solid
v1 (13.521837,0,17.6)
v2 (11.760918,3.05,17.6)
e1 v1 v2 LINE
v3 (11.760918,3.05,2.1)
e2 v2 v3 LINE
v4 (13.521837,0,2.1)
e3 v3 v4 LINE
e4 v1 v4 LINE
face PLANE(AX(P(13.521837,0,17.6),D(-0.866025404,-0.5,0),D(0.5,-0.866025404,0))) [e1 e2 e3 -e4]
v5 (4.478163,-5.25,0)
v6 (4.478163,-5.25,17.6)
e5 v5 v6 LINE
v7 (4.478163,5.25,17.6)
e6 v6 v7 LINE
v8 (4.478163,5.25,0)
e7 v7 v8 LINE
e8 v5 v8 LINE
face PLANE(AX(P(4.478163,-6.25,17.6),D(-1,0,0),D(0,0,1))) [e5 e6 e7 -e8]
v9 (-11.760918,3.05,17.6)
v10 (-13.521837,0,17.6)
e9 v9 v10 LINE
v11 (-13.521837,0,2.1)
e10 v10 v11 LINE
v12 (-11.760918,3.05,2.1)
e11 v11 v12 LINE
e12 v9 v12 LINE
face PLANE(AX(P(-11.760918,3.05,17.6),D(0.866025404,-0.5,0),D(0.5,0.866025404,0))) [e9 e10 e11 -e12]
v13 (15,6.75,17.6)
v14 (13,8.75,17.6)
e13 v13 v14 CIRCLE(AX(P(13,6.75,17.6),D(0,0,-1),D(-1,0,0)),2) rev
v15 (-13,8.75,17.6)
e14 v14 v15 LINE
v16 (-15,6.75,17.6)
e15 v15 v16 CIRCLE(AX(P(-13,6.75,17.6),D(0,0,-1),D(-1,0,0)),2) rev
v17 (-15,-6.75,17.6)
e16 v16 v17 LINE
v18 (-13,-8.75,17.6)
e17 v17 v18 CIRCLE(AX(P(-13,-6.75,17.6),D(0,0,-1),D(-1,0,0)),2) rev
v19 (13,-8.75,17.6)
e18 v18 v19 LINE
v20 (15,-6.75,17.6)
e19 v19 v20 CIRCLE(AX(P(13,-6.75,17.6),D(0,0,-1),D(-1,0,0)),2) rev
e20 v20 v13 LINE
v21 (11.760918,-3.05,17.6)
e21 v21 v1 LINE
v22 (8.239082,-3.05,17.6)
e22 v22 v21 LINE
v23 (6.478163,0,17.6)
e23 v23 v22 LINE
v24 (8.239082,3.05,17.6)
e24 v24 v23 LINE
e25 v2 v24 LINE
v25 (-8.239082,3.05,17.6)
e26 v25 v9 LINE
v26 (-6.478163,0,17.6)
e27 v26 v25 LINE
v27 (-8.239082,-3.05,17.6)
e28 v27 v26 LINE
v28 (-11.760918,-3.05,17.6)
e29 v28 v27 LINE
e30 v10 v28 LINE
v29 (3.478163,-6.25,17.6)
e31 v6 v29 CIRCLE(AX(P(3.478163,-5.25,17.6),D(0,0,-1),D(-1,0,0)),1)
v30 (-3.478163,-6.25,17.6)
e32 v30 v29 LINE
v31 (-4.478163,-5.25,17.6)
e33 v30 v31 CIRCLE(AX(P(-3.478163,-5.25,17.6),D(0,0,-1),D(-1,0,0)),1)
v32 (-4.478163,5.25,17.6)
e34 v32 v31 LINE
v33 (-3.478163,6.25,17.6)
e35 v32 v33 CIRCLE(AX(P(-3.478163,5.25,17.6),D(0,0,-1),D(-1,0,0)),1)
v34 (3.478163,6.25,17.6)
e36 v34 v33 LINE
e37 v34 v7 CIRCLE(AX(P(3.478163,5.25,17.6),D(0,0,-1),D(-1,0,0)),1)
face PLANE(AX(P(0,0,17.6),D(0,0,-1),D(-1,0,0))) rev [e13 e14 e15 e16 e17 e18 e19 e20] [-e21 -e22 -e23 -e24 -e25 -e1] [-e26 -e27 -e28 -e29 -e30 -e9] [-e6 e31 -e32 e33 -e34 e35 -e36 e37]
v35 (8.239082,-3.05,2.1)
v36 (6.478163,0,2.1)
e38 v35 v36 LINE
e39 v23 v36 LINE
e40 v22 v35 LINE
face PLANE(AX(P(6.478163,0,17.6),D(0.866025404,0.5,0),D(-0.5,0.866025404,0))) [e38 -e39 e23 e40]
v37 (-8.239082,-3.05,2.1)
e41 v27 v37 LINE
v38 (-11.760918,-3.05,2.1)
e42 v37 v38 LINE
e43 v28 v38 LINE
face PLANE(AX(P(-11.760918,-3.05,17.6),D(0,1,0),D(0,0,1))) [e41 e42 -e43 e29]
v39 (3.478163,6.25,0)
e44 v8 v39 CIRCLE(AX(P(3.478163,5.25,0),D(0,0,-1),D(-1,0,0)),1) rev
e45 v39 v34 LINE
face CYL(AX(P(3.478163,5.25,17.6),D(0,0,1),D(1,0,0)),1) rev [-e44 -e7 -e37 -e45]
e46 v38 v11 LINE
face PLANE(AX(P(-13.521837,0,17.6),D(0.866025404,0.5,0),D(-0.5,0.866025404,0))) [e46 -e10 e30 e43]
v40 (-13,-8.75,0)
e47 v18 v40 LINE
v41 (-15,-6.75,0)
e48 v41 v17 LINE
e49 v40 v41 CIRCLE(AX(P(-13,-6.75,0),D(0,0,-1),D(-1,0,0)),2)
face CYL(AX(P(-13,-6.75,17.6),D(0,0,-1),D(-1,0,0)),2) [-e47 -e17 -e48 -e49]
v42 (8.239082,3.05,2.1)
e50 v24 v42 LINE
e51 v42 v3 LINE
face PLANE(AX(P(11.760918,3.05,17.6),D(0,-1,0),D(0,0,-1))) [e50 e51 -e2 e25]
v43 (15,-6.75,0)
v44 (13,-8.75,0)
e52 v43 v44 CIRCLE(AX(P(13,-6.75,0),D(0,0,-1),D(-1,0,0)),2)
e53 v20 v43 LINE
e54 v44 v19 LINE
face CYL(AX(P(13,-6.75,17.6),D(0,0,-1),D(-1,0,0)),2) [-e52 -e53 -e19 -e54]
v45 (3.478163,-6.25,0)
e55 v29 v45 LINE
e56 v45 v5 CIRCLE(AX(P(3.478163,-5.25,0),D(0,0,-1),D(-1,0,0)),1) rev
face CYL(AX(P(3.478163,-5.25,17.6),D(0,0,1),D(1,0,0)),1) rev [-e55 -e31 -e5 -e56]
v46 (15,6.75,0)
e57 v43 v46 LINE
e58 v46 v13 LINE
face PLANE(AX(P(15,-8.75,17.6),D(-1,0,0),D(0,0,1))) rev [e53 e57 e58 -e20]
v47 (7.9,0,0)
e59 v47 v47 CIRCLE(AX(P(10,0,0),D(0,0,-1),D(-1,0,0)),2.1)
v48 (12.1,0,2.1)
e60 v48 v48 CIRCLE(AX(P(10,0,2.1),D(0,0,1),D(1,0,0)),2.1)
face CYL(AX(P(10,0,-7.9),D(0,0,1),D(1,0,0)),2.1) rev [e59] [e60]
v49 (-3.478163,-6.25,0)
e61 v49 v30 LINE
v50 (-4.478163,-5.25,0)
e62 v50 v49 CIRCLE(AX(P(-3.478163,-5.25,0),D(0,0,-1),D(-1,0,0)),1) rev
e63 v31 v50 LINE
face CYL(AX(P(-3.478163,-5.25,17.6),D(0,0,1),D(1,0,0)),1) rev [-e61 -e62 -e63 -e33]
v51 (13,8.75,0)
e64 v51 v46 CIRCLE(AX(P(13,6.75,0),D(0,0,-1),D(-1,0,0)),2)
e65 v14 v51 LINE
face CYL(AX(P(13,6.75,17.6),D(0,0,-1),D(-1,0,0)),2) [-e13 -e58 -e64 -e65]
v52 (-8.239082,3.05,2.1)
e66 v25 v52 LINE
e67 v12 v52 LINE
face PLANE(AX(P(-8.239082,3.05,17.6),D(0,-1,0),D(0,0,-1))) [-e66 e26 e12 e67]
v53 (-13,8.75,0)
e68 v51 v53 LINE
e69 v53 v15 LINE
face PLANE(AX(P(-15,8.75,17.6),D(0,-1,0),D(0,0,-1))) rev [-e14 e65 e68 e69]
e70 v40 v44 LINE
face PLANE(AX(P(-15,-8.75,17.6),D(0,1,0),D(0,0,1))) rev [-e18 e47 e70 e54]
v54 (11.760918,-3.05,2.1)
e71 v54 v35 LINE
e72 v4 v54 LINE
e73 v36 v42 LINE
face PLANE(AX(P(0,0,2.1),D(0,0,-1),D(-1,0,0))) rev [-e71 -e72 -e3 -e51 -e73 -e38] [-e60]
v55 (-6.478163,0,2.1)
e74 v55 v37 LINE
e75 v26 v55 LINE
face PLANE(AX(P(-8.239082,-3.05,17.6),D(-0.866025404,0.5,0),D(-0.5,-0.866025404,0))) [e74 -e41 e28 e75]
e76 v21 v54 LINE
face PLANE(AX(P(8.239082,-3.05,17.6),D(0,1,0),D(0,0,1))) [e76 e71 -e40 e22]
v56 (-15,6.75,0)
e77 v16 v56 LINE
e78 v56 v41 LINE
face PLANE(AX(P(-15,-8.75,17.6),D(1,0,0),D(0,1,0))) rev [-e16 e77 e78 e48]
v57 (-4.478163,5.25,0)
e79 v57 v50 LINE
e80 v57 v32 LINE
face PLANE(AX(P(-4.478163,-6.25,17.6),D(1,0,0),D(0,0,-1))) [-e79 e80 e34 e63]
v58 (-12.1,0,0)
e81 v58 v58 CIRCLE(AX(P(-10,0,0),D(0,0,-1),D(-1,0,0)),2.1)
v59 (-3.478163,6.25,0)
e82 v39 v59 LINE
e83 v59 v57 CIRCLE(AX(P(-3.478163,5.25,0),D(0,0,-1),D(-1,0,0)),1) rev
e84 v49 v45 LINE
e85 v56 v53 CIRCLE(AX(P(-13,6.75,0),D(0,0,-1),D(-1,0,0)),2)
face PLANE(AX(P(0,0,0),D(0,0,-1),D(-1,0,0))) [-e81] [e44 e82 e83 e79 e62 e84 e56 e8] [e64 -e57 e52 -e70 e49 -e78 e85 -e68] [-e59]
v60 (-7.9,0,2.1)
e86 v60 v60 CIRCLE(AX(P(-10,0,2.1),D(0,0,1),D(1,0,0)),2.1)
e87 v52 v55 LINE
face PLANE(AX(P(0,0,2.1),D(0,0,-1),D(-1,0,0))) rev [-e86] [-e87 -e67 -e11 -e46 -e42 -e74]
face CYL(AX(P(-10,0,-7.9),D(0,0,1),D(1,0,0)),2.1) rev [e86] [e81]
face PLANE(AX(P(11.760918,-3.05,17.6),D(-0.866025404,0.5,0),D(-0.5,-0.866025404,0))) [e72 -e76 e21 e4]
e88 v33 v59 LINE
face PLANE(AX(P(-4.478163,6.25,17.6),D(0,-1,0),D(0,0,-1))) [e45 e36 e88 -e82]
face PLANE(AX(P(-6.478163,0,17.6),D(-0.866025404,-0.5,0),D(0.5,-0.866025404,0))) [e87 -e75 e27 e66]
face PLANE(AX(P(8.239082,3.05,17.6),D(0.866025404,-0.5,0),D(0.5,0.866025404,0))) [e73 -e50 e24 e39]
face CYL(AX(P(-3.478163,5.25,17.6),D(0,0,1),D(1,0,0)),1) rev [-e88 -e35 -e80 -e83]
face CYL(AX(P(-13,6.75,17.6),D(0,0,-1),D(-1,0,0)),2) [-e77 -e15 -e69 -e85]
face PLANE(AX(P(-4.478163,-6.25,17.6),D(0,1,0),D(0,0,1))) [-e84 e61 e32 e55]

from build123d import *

# Parameters (mm, degrees)
SKETCH_1_W          = 30
SKETCH_1_H          = 17.5
SKETCH_1_W_2        = 8.956326716
SKETCH_1_H_2        = 12.5
EXTRUDE_1_DEPTH     = 17.6
FILLET_1_R          = 1
SKETCH_3_W          = 10.521836642
SKETCH_3_H          = 17.5
EXTRUDE_2_DEPTH     = 2.1
FILLET_2_R          = 2
SKETCH_4_R          = 2.1
CUT_EXTRUDE_1_DEPTH = 10


with BuildPart() as part:
    # 草图1 → 凸台-拉伸1 (new body)
    with BuildSketch(Plane.XY):
        Rectangle(SKETCH_1_W, SKETCH_1_H)
        Polygon((11.760918321, 3.05), (8.239081679, 3.05), (6.478163358, 0), (8.239081679, -3.05), (11.760918321, -3.05), (13.521836642, 0), align=None, mode=Mode.SUBTRACT)
        Polygon((-11.760918321, 3.05), (-13.521836642, 0), (-11.760918321, -3.05), (-8.239081679, -3.05), (-6.478163358, 0), (-8.239081679, 3.05), align=None, mode=Mode.SUBTRACT)
        Rectangle(SKETCH_1_W_2, SKETCH_1_H_2, mode=Mode.SUBTRACT)
    extrude(amount=EXTRUDE_1_DEPTH)

    # 圆角1
    fillet_1_edges = [part.edges().sort_by_distance(p)[0] for p in [
        (4.478163358, -6.25, 8.8),
        (4.478163358, 6.25, 8.8),
        (-4.478163358, 6.25, 8.8),
        (-4.478163358, -6.25, 8.8),
    ]]
    fillet(fillet_1_edges, radius=FILLET_1_R)

    # 草图3 → 凸台-拉伸2 (add)
    with BuildSketch(Plane(origin=(0, 0, 0), x_dir=(-1, 0, 0), z_dir=(0, 0, -1))):
        with Locations((-9.739081679, 0)):
            Rectangle(SKETCH_3_W, SKETCH_3_H)
        with Locations((9.739081679, 0)):
            Rectangle(SKETCH_3_W, SKETCH_3_H)
    extrude(amount=-EXTRUDE_2_DEPTH)

    # 圆角2
    fillet_2_edges = [part.edges().sort_by_distance(p)[0] for p in [
        (15, -8.75, 8.8),
        (-15, -8.75, 8.8),
        (-15, 8.75, 8.8),
        (15, 8.75, 8.8),
    ]]
    fillet(fillet_2_edges, radius=FILLET_2_R)

    # 草图4 → 切除-拉伸1 (cut)
    with BuildSketch(Plane.XY.offset(2.1)):
        with Locations((10, 0)):
            Circle(SKETCH_4_R)
        with Locations((-10, 0)):
            Circle(SKETCH_4_R)
    extrude(amount=-CUT_EXTRUDE_1_DEPTH, mode=Mode.SUBTRACT)


solid = part.part
